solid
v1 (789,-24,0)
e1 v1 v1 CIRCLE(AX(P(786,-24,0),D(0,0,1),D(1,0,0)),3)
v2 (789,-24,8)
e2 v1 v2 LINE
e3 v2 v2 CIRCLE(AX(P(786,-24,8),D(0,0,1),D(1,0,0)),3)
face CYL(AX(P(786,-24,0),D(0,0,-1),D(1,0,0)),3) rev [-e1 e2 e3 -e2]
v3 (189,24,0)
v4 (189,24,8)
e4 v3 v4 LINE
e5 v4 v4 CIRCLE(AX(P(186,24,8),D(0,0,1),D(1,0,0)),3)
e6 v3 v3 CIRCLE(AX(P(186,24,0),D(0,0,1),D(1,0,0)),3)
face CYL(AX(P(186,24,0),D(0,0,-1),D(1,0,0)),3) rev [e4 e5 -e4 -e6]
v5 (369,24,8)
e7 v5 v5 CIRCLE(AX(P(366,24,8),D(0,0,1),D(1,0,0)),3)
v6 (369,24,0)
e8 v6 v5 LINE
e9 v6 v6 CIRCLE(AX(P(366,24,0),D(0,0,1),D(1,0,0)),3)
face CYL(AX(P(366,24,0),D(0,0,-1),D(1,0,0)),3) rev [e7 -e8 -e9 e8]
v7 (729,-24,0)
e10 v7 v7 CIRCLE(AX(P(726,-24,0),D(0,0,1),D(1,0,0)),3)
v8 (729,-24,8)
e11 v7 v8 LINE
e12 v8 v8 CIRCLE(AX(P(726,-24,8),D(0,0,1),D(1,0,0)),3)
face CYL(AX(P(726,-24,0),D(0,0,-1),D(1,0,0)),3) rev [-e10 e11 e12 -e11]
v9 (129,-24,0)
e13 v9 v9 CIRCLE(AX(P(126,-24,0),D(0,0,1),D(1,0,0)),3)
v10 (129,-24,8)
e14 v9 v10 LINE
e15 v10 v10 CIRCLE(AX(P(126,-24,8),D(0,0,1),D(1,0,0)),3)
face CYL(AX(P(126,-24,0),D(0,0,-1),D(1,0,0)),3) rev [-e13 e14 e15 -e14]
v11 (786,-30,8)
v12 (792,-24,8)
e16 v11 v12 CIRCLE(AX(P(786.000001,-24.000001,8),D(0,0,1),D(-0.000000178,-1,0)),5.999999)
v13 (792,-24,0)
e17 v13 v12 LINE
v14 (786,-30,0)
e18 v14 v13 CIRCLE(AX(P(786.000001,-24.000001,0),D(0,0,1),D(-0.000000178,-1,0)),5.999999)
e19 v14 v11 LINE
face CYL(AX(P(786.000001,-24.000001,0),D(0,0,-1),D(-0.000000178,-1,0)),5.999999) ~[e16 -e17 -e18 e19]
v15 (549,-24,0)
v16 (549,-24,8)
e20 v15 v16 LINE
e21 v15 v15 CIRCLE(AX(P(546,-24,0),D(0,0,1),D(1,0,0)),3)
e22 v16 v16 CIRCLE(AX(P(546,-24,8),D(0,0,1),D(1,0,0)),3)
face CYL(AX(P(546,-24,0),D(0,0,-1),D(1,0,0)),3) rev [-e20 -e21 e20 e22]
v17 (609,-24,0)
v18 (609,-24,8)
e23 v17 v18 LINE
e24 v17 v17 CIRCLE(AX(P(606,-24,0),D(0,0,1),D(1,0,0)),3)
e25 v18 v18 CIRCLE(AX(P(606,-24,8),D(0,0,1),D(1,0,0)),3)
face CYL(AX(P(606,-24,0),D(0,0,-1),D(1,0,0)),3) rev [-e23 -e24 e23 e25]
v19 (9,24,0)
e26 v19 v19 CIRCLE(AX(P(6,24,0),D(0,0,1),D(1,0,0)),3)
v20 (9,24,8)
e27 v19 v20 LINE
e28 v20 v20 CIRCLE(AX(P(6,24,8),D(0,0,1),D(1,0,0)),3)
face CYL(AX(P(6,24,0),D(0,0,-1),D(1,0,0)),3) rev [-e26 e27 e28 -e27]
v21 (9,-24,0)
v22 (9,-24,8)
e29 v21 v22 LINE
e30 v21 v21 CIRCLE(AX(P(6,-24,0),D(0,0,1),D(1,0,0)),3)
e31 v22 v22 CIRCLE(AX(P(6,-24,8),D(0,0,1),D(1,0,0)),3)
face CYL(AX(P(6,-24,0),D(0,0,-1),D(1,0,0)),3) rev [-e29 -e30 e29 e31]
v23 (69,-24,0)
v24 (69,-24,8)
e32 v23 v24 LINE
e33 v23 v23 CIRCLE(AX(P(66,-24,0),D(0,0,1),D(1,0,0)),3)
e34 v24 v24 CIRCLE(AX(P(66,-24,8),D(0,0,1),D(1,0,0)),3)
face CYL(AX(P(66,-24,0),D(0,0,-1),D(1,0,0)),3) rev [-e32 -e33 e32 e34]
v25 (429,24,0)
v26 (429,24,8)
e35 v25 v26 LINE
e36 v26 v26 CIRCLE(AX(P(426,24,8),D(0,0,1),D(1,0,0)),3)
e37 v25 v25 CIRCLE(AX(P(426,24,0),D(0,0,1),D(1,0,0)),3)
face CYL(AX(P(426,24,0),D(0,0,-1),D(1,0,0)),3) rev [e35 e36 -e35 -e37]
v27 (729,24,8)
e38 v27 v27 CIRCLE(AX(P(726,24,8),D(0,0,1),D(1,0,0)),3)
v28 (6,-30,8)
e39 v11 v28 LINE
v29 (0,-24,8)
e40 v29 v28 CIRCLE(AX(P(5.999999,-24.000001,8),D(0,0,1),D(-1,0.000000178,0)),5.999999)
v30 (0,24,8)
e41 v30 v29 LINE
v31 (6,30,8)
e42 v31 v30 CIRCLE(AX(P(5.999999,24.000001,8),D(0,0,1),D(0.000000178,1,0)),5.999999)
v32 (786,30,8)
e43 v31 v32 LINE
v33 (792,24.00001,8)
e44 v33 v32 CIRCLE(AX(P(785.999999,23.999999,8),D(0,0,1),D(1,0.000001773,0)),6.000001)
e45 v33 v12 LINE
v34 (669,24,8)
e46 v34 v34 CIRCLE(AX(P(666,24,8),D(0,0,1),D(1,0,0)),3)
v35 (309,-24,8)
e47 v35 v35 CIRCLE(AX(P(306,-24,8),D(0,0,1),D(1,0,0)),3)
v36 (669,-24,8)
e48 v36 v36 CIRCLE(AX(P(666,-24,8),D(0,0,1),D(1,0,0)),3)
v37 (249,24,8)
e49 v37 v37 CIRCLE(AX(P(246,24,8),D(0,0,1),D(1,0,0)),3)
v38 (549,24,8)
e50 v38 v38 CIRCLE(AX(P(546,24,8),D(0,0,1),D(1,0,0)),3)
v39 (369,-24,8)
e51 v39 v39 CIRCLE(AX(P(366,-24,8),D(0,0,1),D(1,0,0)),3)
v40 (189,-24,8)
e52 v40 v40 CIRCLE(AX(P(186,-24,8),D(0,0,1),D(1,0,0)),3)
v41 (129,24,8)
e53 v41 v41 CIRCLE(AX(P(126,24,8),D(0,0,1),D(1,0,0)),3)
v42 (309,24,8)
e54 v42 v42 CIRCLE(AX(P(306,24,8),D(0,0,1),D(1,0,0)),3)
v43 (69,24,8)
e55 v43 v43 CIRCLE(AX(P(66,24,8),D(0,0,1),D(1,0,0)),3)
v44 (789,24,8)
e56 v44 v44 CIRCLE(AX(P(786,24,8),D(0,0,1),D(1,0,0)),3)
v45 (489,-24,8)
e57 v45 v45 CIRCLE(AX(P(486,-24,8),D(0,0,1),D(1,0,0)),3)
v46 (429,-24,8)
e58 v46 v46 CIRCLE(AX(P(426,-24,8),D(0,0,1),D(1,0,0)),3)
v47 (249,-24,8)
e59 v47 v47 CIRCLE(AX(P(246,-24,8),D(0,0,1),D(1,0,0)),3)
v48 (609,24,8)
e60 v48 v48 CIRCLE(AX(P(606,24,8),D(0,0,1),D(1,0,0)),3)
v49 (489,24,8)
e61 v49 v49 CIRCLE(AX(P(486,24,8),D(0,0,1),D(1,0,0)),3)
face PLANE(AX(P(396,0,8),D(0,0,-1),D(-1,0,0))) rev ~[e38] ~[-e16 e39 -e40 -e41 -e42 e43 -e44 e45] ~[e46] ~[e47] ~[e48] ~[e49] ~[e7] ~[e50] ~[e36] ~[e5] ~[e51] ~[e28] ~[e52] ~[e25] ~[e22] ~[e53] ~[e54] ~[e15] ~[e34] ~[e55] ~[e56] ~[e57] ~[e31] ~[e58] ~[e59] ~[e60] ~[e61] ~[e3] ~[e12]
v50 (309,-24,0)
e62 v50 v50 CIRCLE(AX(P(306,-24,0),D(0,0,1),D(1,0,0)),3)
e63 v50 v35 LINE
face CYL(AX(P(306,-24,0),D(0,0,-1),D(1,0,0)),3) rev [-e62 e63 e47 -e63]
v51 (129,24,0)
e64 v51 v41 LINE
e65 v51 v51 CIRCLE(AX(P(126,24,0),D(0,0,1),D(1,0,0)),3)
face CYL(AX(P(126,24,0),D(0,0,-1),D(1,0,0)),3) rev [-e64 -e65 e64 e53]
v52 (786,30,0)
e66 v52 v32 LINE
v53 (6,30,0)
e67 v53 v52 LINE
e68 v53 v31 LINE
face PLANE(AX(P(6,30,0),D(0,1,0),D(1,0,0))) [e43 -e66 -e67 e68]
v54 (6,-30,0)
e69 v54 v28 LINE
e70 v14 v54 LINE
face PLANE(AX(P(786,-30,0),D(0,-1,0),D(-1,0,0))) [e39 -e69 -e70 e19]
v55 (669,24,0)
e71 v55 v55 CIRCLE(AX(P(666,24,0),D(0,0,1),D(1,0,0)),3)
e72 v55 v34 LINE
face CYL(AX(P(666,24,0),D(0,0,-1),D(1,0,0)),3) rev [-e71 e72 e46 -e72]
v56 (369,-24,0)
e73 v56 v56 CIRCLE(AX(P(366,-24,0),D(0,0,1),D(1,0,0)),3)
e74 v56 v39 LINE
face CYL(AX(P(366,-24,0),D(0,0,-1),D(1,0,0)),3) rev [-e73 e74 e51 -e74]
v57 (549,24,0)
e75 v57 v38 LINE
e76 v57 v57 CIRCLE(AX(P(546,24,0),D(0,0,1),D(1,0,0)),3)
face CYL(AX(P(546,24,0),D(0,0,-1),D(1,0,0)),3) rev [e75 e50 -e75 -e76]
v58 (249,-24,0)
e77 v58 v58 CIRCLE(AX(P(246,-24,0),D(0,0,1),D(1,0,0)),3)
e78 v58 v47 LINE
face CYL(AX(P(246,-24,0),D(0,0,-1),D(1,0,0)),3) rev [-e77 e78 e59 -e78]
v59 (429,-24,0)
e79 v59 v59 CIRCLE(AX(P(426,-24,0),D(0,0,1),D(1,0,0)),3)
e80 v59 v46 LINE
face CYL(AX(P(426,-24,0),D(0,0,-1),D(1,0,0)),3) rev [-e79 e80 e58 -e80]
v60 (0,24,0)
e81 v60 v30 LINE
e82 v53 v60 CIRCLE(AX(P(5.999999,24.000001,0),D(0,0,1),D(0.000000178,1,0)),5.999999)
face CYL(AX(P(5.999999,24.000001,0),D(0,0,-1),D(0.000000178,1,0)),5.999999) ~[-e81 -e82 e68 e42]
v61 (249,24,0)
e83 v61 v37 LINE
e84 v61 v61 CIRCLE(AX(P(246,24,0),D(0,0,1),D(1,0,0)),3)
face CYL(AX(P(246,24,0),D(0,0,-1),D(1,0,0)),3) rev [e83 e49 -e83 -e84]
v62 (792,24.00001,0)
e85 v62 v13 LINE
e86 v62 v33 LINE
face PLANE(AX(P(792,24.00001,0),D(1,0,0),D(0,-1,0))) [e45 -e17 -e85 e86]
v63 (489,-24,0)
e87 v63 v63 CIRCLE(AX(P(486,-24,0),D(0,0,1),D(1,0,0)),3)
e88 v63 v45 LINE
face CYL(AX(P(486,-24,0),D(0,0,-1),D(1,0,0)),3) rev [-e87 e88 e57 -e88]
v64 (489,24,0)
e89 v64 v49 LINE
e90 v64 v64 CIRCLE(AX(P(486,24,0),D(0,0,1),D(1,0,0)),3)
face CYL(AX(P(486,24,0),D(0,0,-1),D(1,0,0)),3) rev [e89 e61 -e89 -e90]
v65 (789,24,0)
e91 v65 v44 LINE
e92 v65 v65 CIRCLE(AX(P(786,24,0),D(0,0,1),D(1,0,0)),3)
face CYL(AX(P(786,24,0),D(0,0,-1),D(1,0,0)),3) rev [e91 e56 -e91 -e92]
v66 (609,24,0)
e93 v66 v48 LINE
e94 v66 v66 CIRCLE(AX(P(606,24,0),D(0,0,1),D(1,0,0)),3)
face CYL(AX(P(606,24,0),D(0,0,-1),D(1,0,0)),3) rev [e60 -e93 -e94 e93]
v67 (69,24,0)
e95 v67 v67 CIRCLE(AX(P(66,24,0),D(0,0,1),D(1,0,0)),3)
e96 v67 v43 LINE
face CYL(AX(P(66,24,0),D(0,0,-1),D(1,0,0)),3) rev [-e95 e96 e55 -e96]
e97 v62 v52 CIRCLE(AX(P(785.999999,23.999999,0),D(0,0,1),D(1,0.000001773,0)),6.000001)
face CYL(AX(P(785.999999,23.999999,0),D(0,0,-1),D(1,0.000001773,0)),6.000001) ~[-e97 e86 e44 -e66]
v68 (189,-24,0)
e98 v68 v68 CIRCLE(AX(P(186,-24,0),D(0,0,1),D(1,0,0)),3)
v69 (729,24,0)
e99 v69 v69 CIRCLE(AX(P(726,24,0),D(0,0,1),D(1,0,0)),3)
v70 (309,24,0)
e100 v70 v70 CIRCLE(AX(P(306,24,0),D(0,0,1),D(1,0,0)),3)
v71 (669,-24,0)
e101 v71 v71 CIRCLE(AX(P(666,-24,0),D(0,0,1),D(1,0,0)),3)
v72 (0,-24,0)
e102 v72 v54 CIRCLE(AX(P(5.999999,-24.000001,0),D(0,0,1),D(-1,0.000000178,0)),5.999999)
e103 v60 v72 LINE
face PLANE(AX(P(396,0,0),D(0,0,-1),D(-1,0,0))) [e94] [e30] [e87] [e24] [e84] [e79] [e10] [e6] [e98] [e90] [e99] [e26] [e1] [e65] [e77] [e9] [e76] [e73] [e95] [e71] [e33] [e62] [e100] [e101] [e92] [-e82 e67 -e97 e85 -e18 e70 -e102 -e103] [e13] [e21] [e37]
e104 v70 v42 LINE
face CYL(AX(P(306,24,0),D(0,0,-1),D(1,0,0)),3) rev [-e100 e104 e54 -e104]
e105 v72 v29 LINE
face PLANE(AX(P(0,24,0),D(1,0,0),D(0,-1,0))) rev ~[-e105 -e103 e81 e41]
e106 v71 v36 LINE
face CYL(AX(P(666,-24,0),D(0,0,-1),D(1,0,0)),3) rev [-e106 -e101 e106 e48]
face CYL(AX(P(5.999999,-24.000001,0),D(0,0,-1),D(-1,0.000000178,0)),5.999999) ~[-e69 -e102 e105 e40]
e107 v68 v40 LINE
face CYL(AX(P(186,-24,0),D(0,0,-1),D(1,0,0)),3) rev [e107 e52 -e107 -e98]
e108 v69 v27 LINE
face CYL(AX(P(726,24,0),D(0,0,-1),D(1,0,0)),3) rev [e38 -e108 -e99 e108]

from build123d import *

# Parameters (mm, degrees)
SKETCH_R  = 3
PAD_DEPTH = 8


with BuildPart() as part:
    # Sketch → Pad (new body)
    with BuildSketch(Plane.XY):
        with BuildLine():
            Line((0, 0), (0, 24))
            ThreePointArc((6, 30), (1.757359, 28.242641), (0, 24))
            Line((6, 30), (786, 30))
            ThreePointArc((792, 24.00001), (790.242637, 28.242644), (786, 30))
            Line((792, 24.00001), (792, -24))
            ThreePointArc((786, -30), (790.242641, -28.242641), (792, -24))
            Line((786, -30), (6, -30))
            ThreePointArc((0, -24), (1.757359, -28.242641), (6, -30))
            Line((0, 0), (0, -24))
        make_face()
        with Locations((6, -24)):
            Circle(SKETCH_R, mode=Mode.SUBTRACT)
        with Locations((6, 24)):
            Circle(SKETCH_R, mode=Mode.SUBTRACT)
        with Locations((66, 24)):
            Circle(SKETCH_R, mode=Mode.SUBTRACT)
        with Locations((126, 24)):
            Circle(SKETCH_R, mode=Mode.SUBTRACT)
        with Locations((186, 24)):
            Circle(SKETCH_R, mode=Mode.SUBTRACT)
        with Locations((246, 24)):
            Circle(SKETCH_R, mode=Mode.SUBTRACT)
        with Locations((306, 24)):
            Circle(SKETCH_R, mode=Mode.SUBTRACT)
        with Locations((366, 24)):
            Circle(SKETCH_R, mode=Mode.SUBTRACT)
        with Locations((426, 24)):
            Circle(SKETCH_R, mode=Mode.SUBTRACT)
        with Locations((486, 24)):
            Circle(SKETCH_R, mode=Mode.SUBTRACT)
        with Locations((546, 24)):
            Circle(SKETCH_R, mode=Mode.SUBTRACT)
        with Locations((606, 24)):
            Circle(SKETCH_R, mode=Mode.SUBTRACT)
        with Locations((666, 24)):
            Circle(SKETCH_R, mode=Mode.SUBTRACT)
        with Locations((726, 24)):
            Circle(SKETCH_R, mode=Mode.SUBTRACT)
        with Locations((786, 24)):
            Circle(SKETCH_R, mode=Mode.SUBTRACT)
        with Locations((66, -24)):
            Circle(SKETCH_R, mode=Mode.SUBTRACT)
        with Locations((126, -24)):
            Circle(SKETCH_R, mode=Mode.SUBTRACT)
        with Locations((186, -24)):
            Circle(SKETCH_R, mode=Mode.SUBTRACT)
        with Locations((246, -24)):
            Circle(SKETCH_R, mode=Mode.SUBTRACT)
        with Locations((306, -24)):
            Circle(SKETCH_R, mode=Mode.SUBTRACT)
        with Locations((366, -24)):
            Circle(SKETCH_R, mode=Mode.SUBTRACT)
        with Locations((426, -24)):
            Circle(SKETCH_R, mode=Mode.SUBTRACT)
        with Locations((486, -24)):
            Circle(SKETCH_R, mode=Mode.SUBTRACT)
        with Locations((546, -24)):
            Circle(SKETCH_R, mode=Mode.SUBTRACT)
        with Locations((606, -24)):
            Circle(SKETCH_R, mode=Mode.SUBTRACT)
        with Locations((666, -24)):
            Circle(SKETCH_R, mode=Mode.SUBTRACT)
        with Locations((726, -24)):
            Circle(SKETCH_R, mode=Mode.SUBTRACT)
        with Locations((786, -24)):
            Circle(SKETCH_R, mode=Mode.SUBTRACT)
    extrude(amount=PAD_DEPTH)


solid = part.part
